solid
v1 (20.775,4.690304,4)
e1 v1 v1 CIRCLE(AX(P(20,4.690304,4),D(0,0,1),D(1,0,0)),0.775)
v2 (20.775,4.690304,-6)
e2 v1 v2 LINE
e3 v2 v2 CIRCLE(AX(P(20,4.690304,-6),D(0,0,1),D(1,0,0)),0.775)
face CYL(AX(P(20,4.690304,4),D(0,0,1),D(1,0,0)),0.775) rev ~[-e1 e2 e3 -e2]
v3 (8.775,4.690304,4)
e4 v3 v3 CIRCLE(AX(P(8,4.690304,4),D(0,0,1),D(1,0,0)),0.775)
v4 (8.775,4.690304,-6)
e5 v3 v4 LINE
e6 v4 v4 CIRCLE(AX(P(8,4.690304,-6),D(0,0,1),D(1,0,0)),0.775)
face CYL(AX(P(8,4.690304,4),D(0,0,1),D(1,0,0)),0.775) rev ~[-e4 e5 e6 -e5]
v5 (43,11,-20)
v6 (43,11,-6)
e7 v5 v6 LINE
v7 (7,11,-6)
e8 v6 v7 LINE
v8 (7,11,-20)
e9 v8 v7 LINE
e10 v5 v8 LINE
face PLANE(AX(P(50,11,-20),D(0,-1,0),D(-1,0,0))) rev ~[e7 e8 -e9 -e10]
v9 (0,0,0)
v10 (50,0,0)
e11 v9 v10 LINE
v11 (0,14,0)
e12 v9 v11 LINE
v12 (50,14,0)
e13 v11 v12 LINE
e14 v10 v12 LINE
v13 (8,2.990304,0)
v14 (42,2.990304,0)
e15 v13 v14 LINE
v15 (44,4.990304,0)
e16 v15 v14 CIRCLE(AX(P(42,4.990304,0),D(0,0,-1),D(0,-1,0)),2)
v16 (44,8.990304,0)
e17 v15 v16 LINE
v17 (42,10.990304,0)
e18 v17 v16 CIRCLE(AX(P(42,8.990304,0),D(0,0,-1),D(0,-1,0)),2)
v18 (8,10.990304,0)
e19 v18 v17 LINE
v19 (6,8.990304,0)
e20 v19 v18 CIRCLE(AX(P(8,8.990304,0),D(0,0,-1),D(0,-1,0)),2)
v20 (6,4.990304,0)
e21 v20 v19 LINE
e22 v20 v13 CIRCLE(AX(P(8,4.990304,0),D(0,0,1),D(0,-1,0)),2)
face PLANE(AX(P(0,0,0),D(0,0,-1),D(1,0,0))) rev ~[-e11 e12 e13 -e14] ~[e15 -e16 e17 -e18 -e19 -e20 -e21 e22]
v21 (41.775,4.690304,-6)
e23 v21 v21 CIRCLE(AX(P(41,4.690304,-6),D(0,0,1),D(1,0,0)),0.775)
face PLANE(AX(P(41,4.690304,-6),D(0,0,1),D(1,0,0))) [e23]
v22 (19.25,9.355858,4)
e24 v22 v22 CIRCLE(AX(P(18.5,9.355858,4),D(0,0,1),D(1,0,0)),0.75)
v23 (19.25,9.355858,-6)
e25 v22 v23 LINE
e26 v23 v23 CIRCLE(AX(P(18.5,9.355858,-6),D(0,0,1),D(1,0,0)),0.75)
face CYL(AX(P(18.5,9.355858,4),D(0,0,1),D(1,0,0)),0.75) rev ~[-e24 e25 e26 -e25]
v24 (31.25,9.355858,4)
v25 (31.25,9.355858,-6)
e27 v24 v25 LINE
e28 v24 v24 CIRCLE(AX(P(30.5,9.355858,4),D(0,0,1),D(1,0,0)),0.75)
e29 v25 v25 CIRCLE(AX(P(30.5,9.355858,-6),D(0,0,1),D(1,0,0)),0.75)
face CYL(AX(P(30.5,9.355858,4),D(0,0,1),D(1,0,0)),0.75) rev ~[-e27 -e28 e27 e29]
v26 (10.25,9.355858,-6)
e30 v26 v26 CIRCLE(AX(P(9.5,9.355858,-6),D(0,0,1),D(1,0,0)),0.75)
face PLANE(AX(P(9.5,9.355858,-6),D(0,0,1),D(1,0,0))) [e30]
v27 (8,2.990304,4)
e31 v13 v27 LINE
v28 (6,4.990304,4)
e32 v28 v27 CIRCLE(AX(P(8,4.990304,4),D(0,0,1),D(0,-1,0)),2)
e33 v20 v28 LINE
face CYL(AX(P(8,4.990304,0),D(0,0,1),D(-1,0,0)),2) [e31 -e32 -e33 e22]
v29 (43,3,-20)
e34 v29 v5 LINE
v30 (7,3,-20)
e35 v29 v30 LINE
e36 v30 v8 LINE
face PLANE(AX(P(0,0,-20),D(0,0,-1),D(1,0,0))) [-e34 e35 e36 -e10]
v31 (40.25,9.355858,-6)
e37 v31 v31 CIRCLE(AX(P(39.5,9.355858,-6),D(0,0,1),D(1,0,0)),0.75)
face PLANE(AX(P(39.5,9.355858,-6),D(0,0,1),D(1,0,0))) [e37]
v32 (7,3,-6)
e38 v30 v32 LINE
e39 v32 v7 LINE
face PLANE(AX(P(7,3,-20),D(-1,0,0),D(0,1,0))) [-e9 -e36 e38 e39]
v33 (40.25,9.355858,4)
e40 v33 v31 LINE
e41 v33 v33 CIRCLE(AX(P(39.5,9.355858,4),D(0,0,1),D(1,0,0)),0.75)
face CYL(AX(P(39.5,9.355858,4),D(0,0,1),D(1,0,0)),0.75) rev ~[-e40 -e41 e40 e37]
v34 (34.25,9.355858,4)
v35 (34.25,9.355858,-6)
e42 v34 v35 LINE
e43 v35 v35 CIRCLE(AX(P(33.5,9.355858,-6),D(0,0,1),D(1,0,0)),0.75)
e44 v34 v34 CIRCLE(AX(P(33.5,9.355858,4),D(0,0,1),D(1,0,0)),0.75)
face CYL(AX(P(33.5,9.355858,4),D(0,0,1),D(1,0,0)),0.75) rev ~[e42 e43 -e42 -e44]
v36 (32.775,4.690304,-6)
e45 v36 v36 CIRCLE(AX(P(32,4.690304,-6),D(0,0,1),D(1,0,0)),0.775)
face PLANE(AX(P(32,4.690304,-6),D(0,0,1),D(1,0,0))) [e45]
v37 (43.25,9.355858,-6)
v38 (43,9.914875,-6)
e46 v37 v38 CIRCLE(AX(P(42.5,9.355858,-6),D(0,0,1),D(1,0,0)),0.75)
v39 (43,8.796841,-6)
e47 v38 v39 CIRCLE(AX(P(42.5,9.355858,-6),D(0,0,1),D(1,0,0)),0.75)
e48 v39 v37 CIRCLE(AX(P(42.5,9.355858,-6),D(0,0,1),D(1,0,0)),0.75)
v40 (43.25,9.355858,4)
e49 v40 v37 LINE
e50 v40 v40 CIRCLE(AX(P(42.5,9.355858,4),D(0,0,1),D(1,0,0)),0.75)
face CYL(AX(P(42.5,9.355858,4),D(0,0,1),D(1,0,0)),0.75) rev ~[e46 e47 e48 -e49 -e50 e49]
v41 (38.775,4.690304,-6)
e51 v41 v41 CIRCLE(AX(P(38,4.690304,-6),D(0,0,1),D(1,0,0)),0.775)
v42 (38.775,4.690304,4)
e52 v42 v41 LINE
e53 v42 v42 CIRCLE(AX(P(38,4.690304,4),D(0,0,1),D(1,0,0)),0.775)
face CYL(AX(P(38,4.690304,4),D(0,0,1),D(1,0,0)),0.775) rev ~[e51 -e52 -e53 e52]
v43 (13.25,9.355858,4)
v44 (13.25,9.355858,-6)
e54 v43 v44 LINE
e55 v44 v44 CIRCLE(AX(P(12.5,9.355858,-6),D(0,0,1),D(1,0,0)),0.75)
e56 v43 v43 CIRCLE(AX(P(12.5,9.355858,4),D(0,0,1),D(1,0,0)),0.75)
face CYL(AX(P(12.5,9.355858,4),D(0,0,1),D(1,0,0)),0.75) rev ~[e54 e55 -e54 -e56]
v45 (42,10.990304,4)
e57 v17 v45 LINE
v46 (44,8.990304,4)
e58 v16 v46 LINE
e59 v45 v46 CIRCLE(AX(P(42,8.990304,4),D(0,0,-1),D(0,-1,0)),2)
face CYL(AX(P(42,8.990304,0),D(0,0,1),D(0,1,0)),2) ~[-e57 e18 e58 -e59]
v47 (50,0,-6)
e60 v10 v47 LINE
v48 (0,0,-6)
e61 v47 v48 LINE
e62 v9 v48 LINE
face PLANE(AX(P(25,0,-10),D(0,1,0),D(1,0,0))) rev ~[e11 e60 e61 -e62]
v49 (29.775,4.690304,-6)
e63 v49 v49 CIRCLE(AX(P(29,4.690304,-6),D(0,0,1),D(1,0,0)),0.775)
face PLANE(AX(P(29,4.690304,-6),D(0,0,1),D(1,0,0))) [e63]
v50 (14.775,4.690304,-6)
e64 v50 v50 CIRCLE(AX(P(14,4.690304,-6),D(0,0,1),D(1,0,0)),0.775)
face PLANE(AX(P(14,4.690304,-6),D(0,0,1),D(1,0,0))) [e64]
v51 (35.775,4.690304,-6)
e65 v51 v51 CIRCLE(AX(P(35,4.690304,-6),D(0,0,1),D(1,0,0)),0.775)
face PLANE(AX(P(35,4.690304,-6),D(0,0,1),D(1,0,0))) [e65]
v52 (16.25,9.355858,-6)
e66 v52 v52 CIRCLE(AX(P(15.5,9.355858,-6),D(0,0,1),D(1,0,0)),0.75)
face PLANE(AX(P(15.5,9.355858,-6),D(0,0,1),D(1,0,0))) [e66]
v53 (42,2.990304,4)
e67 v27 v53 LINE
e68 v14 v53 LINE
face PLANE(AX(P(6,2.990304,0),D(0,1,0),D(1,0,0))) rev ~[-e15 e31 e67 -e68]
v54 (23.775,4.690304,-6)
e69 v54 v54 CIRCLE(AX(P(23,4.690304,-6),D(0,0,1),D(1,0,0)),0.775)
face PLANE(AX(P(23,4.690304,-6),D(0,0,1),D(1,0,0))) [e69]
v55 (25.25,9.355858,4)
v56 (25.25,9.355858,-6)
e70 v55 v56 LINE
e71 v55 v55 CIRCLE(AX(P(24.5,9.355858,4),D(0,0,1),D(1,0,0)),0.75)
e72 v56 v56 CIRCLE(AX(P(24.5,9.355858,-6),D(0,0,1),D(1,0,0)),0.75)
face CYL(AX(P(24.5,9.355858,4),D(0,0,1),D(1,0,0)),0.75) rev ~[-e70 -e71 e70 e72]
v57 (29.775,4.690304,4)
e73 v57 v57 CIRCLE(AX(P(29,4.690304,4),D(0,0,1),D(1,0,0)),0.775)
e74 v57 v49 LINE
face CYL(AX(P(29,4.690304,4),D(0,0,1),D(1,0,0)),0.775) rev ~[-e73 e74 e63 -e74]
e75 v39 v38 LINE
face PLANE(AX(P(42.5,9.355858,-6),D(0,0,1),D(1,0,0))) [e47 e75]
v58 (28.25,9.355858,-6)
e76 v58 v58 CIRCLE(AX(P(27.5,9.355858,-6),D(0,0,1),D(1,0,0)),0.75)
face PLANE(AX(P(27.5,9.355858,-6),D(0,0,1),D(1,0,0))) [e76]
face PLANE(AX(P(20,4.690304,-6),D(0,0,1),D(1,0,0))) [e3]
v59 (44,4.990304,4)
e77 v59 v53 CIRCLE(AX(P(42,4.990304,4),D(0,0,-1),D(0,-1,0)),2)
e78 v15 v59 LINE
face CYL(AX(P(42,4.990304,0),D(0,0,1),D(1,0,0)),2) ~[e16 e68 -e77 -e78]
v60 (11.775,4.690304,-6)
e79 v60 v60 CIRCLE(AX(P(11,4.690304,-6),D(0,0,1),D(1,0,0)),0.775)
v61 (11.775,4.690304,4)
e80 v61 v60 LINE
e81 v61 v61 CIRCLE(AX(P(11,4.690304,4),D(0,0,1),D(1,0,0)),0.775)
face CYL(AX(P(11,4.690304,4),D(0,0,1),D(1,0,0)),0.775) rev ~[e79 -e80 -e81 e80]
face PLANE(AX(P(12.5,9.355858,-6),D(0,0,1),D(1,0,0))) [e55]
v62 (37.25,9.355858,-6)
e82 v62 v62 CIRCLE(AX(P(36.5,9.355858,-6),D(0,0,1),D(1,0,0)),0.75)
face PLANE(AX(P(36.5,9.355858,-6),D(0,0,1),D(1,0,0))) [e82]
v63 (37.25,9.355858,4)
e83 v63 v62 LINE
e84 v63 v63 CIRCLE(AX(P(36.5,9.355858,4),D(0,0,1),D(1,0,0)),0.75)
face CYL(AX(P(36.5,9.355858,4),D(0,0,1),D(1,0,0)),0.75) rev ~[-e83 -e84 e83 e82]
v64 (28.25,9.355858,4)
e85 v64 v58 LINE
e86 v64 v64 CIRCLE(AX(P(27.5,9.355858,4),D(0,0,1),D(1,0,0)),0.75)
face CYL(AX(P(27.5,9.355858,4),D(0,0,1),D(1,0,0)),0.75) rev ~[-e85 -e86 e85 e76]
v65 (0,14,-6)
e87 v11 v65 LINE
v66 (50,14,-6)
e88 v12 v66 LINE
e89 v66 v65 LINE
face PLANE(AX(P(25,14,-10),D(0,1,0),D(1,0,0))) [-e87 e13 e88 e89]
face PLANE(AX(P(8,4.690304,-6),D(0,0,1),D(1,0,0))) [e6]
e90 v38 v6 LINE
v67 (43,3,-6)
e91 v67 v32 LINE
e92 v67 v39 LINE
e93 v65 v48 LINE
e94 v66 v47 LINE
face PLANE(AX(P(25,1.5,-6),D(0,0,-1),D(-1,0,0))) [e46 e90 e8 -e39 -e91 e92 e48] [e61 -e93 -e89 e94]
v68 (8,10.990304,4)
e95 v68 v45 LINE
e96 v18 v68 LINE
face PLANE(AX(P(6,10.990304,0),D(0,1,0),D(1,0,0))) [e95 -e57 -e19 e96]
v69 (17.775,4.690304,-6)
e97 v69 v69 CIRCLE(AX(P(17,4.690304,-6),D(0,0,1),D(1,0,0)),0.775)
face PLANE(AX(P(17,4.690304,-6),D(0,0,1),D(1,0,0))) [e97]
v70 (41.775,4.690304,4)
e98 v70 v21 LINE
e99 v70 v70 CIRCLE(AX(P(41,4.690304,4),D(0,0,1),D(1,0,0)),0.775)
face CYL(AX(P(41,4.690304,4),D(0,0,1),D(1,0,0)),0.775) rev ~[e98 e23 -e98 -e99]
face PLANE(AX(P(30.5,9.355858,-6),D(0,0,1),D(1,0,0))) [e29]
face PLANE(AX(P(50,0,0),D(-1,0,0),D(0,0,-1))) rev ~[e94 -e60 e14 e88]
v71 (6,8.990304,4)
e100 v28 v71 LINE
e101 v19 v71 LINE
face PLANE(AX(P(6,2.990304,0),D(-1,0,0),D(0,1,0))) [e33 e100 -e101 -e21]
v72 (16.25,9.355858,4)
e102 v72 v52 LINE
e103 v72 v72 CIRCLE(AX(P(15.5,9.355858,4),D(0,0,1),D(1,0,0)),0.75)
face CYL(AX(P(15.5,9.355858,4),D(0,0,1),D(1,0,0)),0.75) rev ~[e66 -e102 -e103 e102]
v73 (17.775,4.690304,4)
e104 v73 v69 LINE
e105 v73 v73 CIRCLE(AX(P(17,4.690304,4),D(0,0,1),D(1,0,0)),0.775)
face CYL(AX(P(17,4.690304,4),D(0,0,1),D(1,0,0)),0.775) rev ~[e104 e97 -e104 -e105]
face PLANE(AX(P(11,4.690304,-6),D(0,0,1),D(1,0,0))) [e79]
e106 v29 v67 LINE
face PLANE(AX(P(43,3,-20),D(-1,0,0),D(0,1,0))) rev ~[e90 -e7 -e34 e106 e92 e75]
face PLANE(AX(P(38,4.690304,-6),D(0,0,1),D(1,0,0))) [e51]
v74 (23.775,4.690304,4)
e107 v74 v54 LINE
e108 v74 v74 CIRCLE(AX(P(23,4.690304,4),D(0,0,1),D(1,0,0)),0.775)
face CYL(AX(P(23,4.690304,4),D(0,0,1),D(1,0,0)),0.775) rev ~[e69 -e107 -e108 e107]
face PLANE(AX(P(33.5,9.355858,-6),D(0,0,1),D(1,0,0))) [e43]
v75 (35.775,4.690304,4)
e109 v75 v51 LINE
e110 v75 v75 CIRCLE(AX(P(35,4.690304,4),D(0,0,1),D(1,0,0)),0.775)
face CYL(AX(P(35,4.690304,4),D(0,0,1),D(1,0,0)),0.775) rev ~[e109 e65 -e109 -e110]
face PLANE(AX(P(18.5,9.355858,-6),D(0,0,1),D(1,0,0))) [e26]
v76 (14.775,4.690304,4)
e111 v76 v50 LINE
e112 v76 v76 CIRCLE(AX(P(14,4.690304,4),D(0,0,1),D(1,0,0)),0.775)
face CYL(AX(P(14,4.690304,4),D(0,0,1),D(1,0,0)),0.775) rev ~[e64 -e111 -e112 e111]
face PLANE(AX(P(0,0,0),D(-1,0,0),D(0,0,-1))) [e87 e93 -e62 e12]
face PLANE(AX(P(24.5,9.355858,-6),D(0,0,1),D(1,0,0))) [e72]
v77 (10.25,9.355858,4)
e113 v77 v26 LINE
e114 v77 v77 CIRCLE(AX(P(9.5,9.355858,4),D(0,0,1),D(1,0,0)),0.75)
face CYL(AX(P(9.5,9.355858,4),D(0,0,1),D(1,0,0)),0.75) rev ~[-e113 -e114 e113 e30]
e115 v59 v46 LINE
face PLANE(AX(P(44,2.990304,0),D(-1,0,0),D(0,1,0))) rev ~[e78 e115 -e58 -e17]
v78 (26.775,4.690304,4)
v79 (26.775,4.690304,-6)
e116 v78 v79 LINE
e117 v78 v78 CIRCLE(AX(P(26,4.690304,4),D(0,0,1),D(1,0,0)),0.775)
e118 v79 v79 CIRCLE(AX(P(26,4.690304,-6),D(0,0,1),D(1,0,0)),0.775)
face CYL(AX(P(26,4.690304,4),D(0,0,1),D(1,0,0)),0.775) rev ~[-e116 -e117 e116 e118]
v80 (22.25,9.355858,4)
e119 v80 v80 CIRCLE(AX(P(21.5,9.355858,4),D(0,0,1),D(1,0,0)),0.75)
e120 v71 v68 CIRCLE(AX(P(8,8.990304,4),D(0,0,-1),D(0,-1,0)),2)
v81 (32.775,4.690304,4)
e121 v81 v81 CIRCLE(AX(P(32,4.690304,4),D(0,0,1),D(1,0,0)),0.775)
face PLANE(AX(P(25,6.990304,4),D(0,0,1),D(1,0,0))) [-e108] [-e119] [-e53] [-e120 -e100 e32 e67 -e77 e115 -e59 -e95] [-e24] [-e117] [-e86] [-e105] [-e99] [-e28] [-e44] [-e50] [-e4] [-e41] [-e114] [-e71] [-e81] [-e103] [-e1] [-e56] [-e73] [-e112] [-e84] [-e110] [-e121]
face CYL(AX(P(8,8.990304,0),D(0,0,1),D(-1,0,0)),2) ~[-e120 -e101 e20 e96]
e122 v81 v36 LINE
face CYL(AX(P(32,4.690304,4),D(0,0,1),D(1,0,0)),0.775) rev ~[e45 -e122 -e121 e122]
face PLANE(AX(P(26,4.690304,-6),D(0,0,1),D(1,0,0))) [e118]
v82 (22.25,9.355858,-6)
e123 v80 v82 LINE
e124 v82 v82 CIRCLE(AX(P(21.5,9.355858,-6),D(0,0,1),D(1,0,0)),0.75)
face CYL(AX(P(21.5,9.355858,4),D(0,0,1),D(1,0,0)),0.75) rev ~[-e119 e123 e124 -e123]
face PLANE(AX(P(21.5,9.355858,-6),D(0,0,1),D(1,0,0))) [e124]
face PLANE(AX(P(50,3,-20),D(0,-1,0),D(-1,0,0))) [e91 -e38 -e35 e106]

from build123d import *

# Parameters (mm, degrees)
SKETCH1_W           = 50
SKETCH1_H           = 20
BOSS_EXTRUDE1_DEPTH = 14
SKETCH2_W           = 50
SKETCH2_H           = 3
CUT_EXTRUDE1_DEPTH  = 14
SKETCH3_W           = 7
SKETCH3_H           = 8
CUT_EXTRUDE2_DEPTH  = 14
SKETCH4_W           = 38
SKETCH4_H           = 8
BOSS_EXTRUDE2_DEPTH = 4
FILLET2_R           = 2
SKETCH5_R           = 0.75
SKETCH5_R_2         = 0.775
CUT_EXTRUDE3_DEPTH  = 10


with BuildPart() as part:
    # Sketch1 → Boss-Extrude1 (new body)
    with BuildSketch(Plane(origin=(0, 0, 0), x_dir=(1, 0, 0), z_dir=(0, 1, 0))):
        with Locations((25, 10)):
            Rectangle(SKETCH1_W, SKETCH1_H)
    extrude(amount=BOSS_EXTRUDE1_DEPTH)

    # Sketch2 → Cut-Extrude1 (cut)
    with BuildSketch(Plane(origin=(0, 0, -20), x_dir=(-1, 0, 0), z_dir=(0, 0, -1))):
        with Locations((-25, 12.5)):
            Rectangle(SKETCH2_W, SKETCH2_H)
        with Locations((-25, 1.5)):
            Rectangle(SKETCH2_W, SKETCH2_H)
    extrude(amount=-CUT_EXTRUDE1_DEPTH, mode=Mode.SUBTRACT)

    # Sketch3 → Cut-Extrude2 (cut)
    with BuildSketch(Plane(origin=(0, 0, -20), x_dir=(-1, 0, 0), z_dir=(0, 0, -1))):
        with Locations((-3.5, 7)):
            Rectangle(SKETCH3_W, SKETCH3_H)
        with Locations((-46.5, 7)):
            Rectangle(SKETCH3_W, SKETCH3_H)
    extrude(amount=-CUT_EXTRUDE2_DEPTH, mode=Mode.SUBTRACT)

    # Sketch4 → Boss-Extrude2 (add)
    with BuildSketch(Plane.XY):
        with Locations((25, 6.990304204)):
            Rectangle(SKETCH4_W, SKETCH4_H)
    extrude(amount=BOSS_EXTRUDE2_DEPTH)

    # Fillet2
    fillet2_edges = [part.edges().sort_by_distance(p)[0] for p in [
        (44, 2.990304204, 2),
        (44, 10.990304204, 2),
        (6, 10.990304204, 2),
        (6, 2.990304204, 2),
    ]]
    fillet(fillet2_edges, radius=FILLET2_R)

    # Sketch5 → Cut-Extrude3 (cut)
    with BuildSketch(Plane.XY.offset(4)):
        with Locations((42.5, 9.355857952)):
            Circle(SKETCH5_R)
        with Locations((41, 4.690304204)):
            Circle(SKETCH5_R_2)
        with Locations((38, 4.690304204)):
            Circle(SKETCH5_R_2)
        with Locations((39.5, 9.355857952)):
            Circle(SKETCH5_R)
        with Locations((35, 4.690304204)):
            Circle(SKETCH5_R_2)
        with Locations((36.5, 9.355857952)):
            Circle(SKETCH5_R)
        with Locations((32, 4.690304204)):
            Circle(SKETCH5_R_2)
        with Locations((33.5, 9.355857952)):
            Circle(SKETCH5_R)
        with Locations((29, 4.690304204)):
            Circle(SKETCH5_R_2)
        with Locations((30.5, 9.355857952)):
            Circle(SKETCH5_R)
        with Locations((26, 4.690304204)):
            Circle(SKETCH5_R_2)
        with Locations((27.5, 9.355857952)):
            Circle(SKETCH5_R)
        with Locations((23, 4.690304204)):
            Circle(SKETCH5_R_2)
        with Locations((24.5, 9.355857952)):
            Circle(SKETCH5_R)
        with Locations((20, 4.690304204)):
            Circle(SKETCH5_R_2)
        with Locations((21.5, 9.355857952)):
            Circle(SKETCH5_R)
        with Locations((17, 4.690304204)):
            Circle(SKETCH5_R_2)
        with Locations((18.5, 9.355857952)):
            Circle(SKETCH5_R)
        with Locations((14, 4.690304204)):
            Circle(SKETCH5_R_2)
        with Locations((15.5, 9.355857952)):
            Circle(SKETCH5_R)
        with Locations((11, 4.690304204)):
            Circle(SKETCH5_R_2)
        with Locations((12.5, 9.355857952)):
            Circle(SKETCH5_R)
        with Locations((8, 4.690304204)):
            Circle(SKETCH5_R_2)
        with Locations((9.5, 9.355857952)):
            Circle(SKETCH5_R)
    extrude(amount=-CUT_EXTRUDE3_DEPTH, mode=Mode.SUBTRACT)


solid = part.part
